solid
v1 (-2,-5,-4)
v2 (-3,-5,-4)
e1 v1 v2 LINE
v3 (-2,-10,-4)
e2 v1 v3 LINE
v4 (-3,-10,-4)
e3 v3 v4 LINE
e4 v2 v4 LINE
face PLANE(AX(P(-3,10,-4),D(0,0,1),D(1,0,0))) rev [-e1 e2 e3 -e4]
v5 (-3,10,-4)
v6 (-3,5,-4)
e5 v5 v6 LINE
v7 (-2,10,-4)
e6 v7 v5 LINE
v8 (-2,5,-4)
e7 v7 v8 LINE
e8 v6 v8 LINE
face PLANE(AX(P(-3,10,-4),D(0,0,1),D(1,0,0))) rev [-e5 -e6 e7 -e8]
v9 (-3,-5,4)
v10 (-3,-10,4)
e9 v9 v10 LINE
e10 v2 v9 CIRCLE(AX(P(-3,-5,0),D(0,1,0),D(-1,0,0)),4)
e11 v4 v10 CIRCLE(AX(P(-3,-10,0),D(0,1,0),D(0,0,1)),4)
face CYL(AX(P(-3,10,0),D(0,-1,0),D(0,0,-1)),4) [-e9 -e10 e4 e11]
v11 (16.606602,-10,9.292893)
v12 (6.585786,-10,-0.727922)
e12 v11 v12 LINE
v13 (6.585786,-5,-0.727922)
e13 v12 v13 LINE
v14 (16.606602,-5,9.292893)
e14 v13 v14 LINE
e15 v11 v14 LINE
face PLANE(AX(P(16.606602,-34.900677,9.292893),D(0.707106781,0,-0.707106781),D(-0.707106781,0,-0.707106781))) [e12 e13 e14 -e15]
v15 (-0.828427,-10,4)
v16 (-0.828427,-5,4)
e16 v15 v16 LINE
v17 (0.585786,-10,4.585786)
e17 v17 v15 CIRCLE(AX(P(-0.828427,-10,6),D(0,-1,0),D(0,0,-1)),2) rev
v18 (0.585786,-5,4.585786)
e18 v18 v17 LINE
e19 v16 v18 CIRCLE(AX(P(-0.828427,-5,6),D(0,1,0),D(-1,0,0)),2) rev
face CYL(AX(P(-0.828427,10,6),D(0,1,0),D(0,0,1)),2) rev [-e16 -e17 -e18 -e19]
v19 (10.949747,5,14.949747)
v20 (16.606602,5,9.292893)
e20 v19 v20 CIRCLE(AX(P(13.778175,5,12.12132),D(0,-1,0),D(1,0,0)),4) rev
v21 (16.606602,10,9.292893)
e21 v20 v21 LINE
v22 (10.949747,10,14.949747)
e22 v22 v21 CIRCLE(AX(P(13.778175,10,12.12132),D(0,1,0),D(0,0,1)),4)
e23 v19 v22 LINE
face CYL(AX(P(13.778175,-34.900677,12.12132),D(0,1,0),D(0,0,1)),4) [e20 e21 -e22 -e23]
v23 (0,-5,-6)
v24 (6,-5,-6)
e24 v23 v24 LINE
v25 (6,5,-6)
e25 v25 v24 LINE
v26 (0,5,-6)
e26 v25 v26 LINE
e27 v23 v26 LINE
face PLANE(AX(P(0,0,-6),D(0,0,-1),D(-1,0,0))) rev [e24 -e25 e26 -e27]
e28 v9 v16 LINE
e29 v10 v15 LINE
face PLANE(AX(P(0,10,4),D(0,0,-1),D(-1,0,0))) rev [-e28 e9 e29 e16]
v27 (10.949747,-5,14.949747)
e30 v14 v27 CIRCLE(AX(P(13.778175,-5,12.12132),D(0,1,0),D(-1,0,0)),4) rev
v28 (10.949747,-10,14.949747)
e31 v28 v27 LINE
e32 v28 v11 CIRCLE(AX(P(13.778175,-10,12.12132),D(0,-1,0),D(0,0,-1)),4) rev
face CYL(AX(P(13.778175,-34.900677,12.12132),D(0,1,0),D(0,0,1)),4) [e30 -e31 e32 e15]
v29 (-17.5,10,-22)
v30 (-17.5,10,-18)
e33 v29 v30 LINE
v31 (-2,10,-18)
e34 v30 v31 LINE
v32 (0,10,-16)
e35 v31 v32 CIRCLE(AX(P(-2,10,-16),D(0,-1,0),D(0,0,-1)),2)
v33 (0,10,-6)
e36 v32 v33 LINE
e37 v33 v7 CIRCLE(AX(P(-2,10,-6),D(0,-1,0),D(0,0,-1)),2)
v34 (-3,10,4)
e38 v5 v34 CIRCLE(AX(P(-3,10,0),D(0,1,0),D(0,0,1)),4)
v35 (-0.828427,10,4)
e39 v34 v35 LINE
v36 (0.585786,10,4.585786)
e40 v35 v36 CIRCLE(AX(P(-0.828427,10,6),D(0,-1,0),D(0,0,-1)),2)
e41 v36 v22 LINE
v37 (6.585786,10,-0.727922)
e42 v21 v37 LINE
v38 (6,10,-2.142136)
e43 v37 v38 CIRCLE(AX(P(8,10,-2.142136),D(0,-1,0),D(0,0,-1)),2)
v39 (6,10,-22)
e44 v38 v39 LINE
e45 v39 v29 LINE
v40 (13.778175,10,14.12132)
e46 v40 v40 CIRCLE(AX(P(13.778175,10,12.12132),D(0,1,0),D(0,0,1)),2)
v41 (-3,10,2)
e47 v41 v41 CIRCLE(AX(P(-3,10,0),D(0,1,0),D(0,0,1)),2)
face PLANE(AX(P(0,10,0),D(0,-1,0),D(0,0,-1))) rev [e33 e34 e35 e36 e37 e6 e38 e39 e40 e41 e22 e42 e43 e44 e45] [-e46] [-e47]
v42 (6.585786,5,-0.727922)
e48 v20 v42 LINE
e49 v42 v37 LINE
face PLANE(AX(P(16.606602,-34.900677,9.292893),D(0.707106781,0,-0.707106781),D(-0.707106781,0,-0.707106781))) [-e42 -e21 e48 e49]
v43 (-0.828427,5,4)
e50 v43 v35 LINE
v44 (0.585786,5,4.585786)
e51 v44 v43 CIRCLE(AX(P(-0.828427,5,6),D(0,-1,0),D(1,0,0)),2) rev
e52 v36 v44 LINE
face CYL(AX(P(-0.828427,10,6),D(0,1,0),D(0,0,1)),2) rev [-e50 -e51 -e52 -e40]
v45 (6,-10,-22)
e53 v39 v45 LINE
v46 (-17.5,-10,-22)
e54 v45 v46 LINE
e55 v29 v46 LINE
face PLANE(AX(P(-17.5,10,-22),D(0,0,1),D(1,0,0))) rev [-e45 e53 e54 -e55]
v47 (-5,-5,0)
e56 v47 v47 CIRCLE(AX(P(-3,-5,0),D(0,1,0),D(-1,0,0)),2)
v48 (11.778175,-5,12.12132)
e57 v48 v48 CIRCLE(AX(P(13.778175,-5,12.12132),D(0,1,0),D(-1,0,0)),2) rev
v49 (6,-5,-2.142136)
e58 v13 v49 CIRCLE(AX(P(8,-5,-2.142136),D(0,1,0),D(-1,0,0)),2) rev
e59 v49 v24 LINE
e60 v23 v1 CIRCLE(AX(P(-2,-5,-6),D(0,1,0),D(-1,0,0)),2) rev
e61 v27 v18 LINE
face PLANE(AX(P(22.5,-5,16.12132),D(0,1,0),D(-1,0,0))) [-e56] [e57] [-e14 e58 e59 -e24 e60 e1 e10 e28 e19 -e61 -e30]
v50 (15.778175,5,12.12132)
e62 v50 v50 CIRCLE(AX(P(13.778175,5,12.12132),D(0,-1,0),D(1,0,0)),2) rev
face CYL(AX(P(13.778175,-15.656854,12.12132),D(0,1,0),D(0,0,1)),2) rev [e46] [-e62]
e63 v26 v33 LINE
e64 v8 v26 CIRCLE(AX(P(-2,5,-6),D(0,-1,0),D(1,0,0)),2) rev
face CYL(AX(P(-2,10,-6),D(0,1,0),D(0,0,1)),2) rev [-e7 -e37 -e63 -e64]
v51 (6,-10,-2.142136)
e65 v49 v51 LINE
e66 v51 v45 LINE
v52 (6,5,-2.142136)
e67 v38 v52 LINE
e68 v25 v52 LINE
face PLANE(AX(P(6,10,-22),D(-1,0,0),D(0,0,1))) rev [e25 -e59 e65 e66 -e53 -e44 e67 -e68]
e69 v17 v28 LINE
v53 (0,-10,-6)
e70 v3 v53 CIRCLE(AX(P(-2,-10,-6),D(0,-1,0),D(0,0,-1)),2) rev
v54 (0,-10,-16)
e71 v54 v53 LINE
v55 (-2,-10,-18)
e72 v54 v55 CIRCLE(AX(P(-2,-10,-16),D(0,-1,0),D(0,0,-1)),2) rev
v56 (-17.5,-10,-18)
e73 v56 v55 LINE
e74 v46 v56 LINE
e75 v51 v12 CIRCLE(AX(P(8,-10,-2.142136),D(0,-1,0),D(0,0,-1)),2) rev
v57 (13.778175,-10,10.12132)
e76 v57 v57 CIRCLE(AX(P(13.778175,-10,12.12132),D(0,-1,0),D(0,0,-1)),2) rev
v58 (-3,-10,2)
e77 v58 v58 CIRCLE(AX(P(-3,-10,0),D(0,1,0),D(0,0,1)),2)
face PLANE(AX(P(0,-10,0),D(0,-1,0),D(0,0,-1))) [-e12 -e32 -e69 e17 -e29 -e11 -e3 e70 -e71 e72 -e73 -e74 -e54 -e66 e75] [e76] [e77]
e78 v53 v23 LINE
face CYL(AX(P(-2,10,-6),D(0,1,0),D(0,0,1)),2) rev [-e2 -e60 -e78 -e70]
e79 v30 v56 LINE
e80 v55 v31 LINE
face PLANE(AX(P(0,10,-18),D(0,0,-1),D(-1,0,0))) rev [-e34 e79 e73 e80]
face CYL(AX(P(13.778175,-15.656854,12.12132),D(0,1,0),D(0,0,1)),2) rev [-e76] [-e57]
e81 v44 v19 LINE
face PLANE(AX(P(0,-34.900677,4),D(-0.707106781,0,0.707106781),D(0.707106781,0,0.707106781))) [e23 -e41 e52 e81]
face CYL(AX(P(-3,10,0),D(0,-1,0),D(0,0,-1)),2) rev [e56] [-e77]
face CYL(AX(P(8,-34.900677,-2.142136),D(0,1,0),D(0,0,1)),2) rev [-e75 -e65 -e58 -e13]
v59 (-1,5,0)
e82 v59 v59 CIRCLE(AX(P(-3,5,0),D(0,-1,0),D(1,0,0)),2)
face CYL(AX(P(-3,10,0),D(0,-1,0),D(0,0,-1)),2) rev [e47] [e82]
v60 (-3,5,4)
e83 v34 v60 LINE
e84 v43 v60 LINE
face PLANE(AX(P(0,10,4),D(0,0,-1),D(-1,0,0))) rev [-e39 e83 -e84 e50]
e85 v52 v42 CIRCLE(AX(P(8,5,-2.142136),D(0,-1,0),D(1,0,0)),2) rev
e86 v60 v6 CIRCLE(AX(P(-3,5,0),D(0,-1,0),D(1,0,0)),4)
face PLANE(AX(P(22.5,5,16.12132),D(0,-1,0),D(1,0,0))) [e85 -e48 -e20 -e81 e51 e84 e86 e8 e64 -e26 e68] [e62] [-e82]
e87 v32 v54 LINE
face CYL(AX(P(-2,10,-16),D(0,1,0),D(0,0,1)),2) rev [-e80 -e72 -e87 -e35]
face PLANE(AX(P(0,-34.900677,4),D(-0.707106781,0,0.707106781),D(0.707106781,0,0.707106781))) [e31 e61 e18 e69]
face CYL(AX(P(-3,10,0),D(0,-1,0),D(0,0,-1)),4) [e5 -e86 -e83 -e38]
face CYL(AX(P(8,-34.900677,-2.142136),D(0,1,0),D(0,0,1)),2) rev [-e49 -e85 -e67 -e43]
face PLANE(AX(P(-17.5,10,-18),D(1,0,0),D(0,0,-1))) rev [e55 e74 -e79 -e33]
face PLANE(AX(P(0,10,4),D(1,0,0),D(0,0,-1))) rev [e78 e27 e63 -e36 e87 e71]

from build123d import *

# Parameters (mm, degrees)
BOSS_EXTRUDE1_DEPTH = 10
SKETCH3_R           = 2
BOSS_EXTRUDE2_DEPTH = 10
BOSS_EXTRUDE3_DEPTH = 20
SKETCH6_R           = 2
CUT_EXTRUDE2_DEPTH  = 20
SKETCH4_W           = 40
SKETCH4_H           = 10
CUT_EXTRUDE1_DEPTH  = 31.090136351
FILLET1_R           = 2


with BuildPart() as part:
    # Sketch1 → Boss-Extrude1 (new, symmetric)
    with BuildSketch(Plane(origin=(0, 0, 0), x_dir=(1, 0, 0), z_dir=(0, 1, 0))):
        Polygon((0, -4), (0, 18), (-17.5, 18), (-17.5, 22), (6, 22), (6, -4), align=None)
    extrude(amount=BOSS_EXTRUDE1_DEPTH, both=True)

    # Sketch3 → Boss-Extrude2 (add, symmetric)
    with BuildSketch(Plane(origin=(0, 0, 0), x_dir=(1, 0, 0), z_dir=(0, 1, 0))):
        with BuildLine():
            Line((-3, 4), (0, 4))
            Line((0, 4), (0, -4))
            Line((0, -4), (-3, -4))
            ThreePointArc((-3, -4), (-7, 0), (-3, 4))
        make_face()
        with Locations(Location((-3, 0, 0), (0, 0, 270))):
            Circle(SKETCH3_R, mode=Mode.SUBTRACT)
    extrude(amount=BOSS_EXTRUDE2_DEPTH, both=True)

    # Sketch5 → Boss-Extrude3 (add)
    with BuildSketch(Plane(origin=(0, 10, 0), x_dir=(1, 0, 0), z_dir=(0, 1, 0))):
        with BuildLine():
            Line((0, -4), (10.949747468, -14.949747468))
            ThreePointArc((10.949747468, -14.949747468), (16.606601718, -14.949747468), (16.606601718, -9.292893219))
            Line((16.606601718, -9.292893219), (6, 1.313708499))
            Line((6, 1.313708499), (0, -4))
        make_face()
    extrude(amount=-BOSS_EXTRUDE3_DEPTH)

    # Sketch6 → Cut-Extrude2 (cut)
    with BuildSketch(Plane(origin=(0, 10, 0), x_dir=(1, 0, 0), z_dir=(0, 1, 0))):
        with Locations(Location((13.778174593, -12.121320344, 0), (0, 0, 270))):
            Circle(SKETCH6_R)
    extrude(amount=-CUT_EXTRUDE2_DEPTH, mode=Mode.SUBTRACT)

    # Sketch4 → Cut-Extrude1 (cut, through all)
    with BuildSketch(Plane.XY.offset(-6)):
        with Locations((2.5, 0)):
            Rectangle(SKETCH4_W, SKETCH4_H)
    extrude(amount=CUT_EXTRUDE1_DEPTH, mode=Mode.SUBTRACT)

    # Fillet1
    fillet1_edges = [part.edges().sort_by_distance(p)[0] for p in [
        (6, 7.5, -1.313708499),
        (6, -7.5, -1.313708499),
        (0, -7.5, 4),
        (0, 7.5, 4),
        (0, 0, -18),
        (0, -7.5, -4),
        (0, 7.5, -4),
    ]]
    fillet(fillet1_edges, radius=FILLET1_R)


solid = part.part
